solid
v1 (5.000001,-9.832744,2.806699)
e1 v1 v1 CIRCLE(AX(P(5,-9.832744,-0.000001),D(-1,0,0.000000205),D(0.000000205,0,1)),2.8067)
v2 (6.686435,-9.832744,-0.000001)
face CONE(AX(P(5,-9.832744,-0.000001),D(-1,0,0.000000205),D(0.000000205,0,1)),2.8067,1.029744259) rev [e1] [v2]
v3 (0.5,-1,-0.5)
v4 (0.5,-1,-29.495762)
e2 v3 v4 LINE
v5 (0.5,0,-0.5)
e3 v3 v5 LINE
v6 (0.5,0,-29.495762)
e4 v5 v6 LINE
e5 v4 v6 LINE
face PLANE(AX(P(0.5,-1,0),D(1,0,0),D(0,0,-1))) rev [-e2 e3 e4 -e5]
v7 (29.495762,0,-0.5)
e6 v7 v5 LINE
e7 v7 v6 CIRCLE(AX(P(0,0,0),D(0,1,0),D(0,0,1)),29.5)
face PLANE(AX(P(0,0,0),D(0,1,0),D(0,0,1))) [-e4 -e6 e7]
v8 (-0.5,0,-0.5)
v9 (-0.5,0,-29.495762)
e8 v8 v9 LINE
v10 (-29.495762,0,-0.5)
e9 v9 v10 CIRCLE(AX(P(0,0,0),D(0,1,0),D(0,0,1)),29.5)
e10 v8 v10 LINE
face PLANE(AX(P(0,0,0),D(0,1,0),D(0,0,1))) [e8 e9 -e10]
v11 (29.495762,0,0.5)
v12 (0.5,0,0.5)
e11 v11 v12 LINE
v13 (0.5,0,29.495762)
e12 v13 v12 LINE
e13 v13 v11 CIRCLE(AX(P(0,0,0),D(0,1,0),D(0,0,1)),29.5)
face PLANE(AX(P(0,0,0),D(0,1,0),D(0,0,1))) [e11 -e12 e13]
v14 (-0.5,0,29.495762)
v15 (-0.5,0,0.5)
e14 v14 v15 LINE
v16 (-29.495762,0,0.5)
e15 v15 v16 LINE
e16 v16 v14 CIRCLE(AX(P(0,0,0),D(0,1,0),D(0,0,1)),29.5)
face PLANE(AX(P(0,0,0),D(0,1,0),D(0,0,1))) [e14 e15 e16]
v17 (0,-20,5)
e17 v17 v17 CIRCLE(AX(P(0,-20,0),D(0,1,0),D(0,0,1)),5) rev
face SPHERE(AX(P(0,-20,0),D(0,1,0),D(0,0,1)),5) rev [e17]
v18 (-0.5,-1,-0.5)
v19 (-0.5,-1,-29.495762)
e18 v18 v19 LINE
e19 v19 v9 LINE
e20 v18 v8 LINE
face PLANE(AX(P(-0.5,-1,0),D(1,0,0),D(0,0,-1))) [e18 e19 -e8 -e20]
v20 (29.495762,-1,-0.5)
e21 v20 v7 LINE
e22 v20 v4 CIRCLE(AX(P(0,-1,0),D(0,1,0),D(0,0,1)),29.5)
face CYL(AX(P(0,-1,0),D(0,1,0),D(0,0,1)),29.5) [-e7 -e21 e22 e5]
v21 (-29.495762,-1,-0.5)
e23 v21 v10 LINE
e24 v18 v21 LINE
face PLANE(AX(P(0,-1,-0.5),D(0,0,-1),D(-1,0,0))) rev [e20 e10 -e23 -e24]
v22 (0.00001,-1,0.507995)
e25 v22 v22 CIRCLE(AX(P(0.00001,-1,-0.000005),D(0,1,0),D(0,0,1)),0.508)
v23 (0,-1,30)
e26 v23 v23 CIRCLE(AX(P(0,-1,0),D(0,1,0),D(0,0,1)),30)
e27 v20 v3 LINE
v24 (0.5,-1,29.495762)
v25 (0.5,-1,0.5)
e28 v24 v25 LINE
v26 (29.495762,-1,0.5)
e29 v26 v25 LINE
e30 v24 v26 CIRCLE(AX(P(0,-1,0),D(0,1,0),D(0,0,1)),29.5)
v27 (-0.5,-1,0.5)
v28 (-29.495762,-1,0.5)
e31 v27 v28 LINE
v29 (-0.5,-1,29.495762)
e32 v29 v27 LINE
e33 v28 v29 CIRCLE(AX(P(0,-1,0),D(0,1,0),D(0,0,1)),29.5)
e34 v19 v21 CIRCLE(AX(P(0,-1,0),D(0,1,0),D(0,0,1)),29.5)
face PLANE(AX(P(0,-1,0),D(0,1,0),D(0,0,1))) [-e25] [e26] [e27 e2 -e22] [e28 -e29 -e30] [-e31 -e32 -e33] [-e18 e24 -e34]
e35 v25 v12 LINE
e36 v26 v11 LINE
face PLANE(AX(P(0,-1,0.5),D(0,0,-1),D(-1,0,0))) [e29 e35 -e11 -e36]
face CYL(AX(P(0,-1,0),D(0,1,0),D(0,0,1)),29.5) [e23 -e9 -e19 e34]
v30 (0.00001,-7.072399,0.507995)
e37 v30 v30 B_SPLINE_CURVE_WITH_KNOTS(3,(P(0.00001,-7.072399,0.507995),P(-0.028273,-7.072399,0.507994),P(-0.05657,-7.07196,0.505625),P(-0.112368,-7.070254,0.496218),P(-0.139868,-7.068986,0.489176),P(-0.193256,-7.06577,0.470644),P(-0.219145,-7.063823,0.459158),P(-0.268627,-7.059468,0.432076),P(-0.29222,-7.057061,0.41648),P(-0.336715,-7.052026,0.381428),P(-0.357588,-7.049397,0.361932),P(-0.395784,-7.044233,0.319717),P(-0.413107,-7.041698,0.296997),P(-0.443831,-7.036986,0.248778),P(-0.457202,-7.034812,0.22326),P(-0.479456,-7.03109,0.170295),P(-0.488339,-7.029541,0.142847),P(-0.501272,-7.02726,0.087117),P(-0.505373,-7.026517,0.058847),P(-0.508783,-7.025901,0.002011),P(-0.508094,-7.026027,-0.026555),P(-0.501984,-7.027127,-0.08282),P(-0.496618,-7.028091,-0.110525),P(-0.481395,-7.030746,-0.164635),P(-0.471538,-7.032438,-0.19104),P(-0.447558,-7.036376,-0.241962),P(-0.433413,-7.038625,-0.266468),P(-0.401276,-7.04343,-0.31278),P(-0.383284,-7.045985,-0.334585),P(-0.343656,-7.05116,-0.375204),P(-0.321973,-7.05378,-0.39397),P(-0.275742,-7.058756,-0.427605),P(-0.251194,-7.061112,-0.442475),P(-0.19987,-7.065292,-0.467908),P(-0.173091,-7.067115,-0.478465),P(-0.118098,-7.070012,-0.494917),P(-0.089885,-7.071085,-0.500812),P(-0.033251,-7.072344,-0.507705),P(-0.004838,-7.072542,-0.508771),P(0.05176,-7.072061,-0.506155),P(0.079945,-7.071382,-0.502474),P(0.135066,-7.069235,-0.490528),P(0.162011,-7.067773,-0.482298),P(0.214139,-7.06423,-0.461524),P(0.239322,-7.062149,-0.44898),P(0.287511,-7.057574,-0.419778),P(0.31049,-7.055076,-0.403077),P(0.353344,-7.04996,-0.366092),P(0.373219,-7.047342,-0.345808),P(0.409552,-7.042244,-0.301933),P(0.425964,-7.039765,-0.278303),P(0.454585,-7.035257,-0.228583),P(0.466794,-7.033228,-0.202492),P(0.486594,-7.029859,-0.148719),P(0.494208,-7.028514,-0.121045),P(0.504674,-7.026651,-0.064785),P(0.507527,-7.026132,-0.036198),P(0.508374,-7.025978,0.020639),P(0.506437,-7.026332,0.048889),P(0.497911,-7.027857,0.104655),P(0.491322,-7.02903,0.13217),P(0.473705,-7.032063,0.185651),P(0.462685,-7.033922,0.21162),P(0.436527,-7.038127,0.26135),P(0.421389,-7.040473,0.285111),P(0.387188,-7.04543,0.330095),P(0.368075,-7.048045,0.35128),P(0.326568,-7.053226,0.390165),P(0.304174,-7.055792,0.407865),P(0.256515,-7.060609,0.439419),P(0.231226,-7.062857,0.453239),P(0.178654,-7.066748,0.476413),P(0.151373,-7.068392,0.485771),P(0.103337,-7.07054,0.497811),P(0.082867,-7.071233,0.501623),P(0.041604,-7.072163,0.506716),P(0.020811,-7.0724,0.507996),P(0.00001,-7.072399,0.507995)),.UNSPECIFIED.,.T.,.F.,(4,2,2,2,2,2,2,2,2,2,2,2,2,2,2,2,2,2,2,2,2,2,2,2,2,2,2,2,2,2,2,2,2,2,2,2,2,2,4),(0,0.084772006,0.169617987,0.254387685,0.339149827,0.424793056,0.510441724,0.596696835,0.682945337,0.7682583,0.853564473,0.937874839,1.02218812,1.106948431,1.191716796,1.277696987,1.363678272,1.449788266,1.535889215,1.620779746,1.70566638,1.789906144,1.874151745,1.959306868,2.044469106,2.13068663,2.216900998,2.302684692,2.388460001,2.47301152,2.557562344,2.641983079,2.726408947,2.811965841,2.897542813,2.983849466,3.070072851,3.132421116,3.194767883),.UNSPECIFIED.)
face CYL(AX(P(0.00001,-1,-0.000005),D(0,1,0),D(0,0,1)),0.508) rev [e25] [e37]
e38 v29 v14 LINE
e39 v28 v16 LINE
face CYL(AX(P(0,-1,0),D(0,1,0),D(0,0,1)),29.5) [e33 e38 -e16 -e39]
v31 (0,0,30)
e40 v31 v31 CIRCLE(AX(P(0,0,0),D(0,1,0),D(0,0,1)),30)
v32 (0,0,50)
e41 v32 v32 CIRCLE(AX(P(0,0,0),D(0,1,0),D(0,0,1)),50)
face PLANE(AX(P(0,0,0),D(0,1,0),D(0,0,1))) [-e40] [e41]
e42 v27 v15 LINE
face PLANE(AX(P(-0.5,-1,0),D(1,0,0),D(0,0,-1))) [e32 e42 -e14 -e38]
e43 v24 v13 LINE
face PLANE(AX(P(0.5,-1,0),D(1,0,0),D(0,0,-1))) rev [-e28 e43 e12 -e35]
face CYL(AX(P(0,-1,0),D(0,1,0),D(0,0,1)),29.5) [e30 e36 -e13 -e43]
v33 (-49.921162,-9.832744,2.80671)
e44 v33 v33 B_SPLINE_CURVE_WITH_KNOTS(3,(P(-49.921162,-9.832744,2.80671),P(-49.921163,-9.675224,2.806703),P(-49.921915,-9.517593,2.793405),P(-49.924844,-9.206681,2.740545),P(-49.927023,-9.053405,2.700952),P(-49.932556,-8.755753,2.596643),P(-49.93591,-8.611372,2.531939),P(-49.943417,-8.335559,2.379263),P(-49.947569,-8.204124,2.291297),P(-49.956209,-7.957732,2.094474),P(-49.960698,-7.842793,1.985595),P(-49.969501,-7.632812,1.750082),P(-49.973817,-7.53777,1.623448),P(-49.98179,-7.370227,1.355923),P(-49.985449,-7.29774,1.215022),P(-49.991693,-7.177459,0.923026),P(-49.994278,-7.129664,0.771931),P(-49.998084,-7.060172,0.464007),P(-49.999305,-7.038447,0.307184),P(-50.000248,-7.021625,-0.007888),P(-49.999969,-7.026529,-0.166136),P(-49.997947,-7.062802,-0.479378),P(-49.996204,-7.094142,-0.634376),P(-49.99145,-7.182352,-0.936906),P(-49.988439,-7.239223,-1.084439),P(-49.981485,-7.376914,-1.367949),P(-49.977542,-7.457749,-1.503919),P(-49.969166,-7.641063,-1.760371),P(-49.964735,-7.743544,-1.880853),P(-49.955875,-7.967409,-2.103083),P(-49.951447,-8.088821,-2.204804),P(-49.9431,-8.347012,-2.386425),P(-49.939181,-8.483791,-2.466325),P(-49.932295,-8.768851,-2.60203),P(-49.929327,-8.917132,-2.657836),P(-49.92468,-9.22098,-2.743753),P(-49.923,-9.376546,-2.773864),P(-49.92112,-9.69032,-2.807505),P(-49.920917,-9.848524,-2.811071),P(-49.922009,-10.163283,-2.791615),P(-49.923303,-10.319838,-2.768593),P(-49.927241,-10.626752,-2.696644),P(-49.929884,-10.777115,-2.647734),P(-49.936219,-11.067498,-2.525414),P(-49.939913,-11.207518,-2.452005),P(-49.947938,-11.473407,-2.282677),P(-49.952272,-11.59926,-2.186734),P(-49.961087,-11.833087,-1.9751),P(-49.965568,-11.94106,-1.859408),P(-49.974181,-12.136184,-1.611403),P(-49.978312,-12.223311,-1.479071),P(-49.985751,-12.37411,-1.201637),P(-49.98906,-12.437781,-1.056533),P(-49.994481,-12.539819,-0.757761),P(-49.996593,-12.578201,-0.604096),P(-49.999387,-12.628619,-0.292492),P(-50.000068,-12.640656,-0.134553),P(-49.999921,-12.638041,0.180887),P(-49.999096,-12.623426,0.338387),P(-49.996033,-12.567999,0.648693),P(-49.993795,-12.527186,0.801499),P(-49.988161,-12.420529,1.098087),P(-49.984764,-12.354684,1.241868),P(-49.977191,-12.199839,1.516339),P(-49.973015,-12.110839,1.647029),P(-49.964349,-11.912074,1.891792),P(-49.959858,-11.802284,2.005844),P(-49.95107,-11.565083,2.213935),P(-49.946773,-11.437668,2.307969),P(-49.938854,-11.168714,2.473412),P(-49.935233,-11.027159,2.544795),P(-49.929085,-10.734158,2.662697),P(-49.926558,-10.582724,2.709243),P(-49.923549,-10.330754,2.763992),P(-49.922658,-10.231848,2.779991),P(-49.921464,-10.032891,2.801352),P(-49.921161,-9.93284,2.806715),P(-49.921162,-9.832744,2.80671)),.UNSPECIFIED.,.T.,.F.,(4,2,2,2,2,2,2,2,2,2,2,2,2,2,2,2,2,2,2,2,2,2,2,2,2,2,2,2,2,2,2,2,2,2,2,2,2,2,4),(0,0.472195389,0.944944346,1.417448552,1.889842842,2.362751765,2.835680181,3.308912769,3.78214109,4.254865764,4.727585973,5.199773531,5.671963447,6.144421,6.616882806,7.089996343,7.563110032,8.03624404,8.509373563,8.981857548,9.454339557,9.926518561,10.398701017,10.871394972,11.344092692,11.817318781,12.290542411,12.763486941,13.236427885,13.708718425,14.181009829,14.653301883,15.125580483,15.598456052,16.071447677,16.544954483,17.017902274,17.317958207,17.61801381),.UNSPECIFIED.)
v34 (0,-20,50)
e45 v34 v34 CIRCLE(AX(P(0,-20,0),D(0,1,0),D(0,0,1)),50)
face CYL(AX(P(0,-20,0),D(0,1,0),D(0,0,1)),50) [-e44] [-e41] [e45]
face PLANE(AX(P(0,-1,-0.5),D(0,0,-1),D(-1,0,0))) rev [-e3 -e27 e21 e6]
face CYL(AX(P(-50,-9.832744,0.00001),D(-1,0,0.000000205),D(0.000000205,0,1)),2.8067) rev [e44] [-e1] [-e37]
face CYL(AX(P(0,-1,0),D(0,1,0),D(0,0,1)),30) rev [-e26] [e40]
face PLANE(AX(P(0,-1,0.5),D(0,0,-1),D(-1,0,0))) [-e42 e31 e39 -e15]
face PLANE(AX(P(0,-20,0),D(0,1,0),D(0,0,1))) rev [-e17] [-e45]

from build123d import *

# Parameters (mm, degrees)
SKETCH2_R                                = 50
BOSS_EXTRUDE2_DEPTH                      = 20
SKETCH1_R                                = 30
CUT_EXTRUDE1_DEPTH                       = 1
F_60_0_04_DIAMETER_HOLE1_D               = 1.016
F_60_0_04_DIAMETER_HOLE1_DEPTH           = 10
F_60_0_04_DIAMETER_HOLE1_TIP             = 0.305237194
F_60_0_04_DIAMETER_HOLE1_ON_FACE_2_D     = 1.016
F_60_0_04_DIAMETER_HOLE1_ON_FACE_2_DEPTH = 10
F_60_0_04_DIAMETER_HOLE1_ON_FACE_2_TIP   = 0.305237194
F_2_0_221_DIAMETER_HOLE1_D               = 5.6134
F_2_0_221_DIAMETER_HOLE1_DEPTH           = 55
F_2_0_221_DIAMETER_HOLE1_TIP             = 1.686435499


with BuildPart() as part:
    # Sketch2 → Boss-Extrude2 (new body)
    with BuildSketch(Plane(origin=(0, 0, 0), x_dir=(1, 0, 0), z_dir=(0, 1, 0))):
        Circle(SKETCH2_R)
    extrude(amount=-BOSS_EXTRUDE2_DEPTH)

    # Sketch1 → Cut-Extrude1 (cut)
    with BuildSketch(Plane(origin=(0, 0, 0), x_dir=(1, 0, 0), z_dir=(0, 1, 0))):
        Circle(SKETCH1_R)
        with BuildLine():
            Line((-0.5, -0.5), (-0.5, -29.495762408))
            ThreePointArc((-0.5, -29.495762408), (-20.859650045, -20.859650045), (-29.495762408, -0.5))
            Line((-29.495762408, -0.5), (-0.5, -0.5))
        make_face(mode=Mode.SUBTRACT)
        with BuildLine():
            ThreePointArc((29.495762408, -0.5), (20.859650045, -20.859650045), (0.5, -29.495762408))
            Line((0.5, -29.495762408), (0.5, -0.5))
            Line((0.5, -0.5), (29.495762408, -0.5))
        make_face(mode=Mode.SUBTRACT)
        with BuildLine():
            Line((-0.5, 29.495762408), (-0.5, 0.5))
            Line((-0.5, 0.5), (-29.495762408, 0.5))
            ThreePointArc((-29.495762408, 0.5), (-20.859650045, 20.859650045), (-0.5, 29.495762408))
        make_face(mode=Mode.SUBTRACT)
        with BuildLine():
            Line((29.495762408, 0.5), (0.5, 0.5))
            Line((0.5, 0.5), (0.5, 29.495762408))
            ThreePointArc((0.5, 29.495762408), (20.859650045, 20.859650045), (29.495762408, 0.5))
        make_face(mode=Mode.SUBTRACT)
    extrude(amount=-CUT_EXTRUDE1_DEPTH, mode=Mode.SUBTRACT)

    # #60 (0.04) Diameter Hole1
    with Locations(Plane(origin=(9.64e-06, -1, -4.709e-06), x_dir=(0, 0, 1), z_dir=(0, 1, 0))):
        with Locations((0, 0)):
            Hole(F_60_0_04_DIAMETER_HOLE1_D / 2, depth=F_60_0_04_DIAMETER_HOLE1_DEPTH)
            with Locations((0, 0, -(F_60_0_04_DIAMETER_HOLE1_DEPTH + F_60_0_04_DIAMETER_HOLE1_TIP / 2))):  # 118° drill point
                Cone(0, F_60_0_04_DIAMETER_HOLE1_D / 2, F_60_0_04_DIAMETER_HOLE1_TIP, mode=Mode.SUBTRACT)

    # #60 (0.04) Diameter Hole1 on face 2
    with Locations(Plane.ZX):
        with Locations((0, 0)):
            Hole(F_60_0_04_DIAMETER_HOLE1_ON_FACE_2_D / 2, depth=F_60_0_04_DIAMETER_HOLE1_ON_FACE_2_DEPTH)
            with Locations((0, 0, -(F_60_0_04_DIAMETER_HOLE1_ON_FACE_2_DEPTH + F_60_0_04_DIAMETER_HOLE1_ON_FACE_2_TIP / 2))):  # 118° drill point
                Cone(0, F_60_0_04_DIAMETER_HOLE1_ON_FACE_2_D / 2, F_60_0_04_DIAMETER_HOLE1_ON_FACE_2_TIP, mode=Mode.SUBTRACT)

    # #2 (0.221) Diameter Hole1
    with Locations(Plane(origin=(-50, -9.832744337, 1.0253e-05), x_dir=(-2.05e-07, 0, -1), z_dir=(-1, 0, 2.05e-07))):
        with Locations((0, 0), (1.0253e-05, -1.9e-08)):
            Hole(F_2_0_221_DIAMETER_HOLE1_D / 2, depth=F_2_0_221_DIAMETER_HOLE1_DEPTH)
            with Locations((0, 0, -(F_2_0_221_DIAMETER_HOLE1_DEPTH + F_2_0_221_DIAMETER_HOLE1_TIP / 2))):  # 118° drill point
                Cone(0, F_2_0_221_DIAMETER_HOLE1_D / 2, F_2_0_221_DIAMETER_HOLE1_TIP, mode=Mode.SUBTRACT)

    # Sketch9 → Cut-Revolve1 (revolve, cut)
    with BuildSketch(Plane(origin=(0, -20, 0), x_dir=(-1, 0, 0), z_dir=(0, -1, 0))):
        with BuildLine():
            Line((-5, 0), (5, 0))
            ThreePointArc((5, 0), (0, 5), (-5, 0))
        make_face()
    revolve(axis=Axis((5, -20, 0), (-1, 0, 0)), mode=Mode.SUBTRACT)


solid = part.part
